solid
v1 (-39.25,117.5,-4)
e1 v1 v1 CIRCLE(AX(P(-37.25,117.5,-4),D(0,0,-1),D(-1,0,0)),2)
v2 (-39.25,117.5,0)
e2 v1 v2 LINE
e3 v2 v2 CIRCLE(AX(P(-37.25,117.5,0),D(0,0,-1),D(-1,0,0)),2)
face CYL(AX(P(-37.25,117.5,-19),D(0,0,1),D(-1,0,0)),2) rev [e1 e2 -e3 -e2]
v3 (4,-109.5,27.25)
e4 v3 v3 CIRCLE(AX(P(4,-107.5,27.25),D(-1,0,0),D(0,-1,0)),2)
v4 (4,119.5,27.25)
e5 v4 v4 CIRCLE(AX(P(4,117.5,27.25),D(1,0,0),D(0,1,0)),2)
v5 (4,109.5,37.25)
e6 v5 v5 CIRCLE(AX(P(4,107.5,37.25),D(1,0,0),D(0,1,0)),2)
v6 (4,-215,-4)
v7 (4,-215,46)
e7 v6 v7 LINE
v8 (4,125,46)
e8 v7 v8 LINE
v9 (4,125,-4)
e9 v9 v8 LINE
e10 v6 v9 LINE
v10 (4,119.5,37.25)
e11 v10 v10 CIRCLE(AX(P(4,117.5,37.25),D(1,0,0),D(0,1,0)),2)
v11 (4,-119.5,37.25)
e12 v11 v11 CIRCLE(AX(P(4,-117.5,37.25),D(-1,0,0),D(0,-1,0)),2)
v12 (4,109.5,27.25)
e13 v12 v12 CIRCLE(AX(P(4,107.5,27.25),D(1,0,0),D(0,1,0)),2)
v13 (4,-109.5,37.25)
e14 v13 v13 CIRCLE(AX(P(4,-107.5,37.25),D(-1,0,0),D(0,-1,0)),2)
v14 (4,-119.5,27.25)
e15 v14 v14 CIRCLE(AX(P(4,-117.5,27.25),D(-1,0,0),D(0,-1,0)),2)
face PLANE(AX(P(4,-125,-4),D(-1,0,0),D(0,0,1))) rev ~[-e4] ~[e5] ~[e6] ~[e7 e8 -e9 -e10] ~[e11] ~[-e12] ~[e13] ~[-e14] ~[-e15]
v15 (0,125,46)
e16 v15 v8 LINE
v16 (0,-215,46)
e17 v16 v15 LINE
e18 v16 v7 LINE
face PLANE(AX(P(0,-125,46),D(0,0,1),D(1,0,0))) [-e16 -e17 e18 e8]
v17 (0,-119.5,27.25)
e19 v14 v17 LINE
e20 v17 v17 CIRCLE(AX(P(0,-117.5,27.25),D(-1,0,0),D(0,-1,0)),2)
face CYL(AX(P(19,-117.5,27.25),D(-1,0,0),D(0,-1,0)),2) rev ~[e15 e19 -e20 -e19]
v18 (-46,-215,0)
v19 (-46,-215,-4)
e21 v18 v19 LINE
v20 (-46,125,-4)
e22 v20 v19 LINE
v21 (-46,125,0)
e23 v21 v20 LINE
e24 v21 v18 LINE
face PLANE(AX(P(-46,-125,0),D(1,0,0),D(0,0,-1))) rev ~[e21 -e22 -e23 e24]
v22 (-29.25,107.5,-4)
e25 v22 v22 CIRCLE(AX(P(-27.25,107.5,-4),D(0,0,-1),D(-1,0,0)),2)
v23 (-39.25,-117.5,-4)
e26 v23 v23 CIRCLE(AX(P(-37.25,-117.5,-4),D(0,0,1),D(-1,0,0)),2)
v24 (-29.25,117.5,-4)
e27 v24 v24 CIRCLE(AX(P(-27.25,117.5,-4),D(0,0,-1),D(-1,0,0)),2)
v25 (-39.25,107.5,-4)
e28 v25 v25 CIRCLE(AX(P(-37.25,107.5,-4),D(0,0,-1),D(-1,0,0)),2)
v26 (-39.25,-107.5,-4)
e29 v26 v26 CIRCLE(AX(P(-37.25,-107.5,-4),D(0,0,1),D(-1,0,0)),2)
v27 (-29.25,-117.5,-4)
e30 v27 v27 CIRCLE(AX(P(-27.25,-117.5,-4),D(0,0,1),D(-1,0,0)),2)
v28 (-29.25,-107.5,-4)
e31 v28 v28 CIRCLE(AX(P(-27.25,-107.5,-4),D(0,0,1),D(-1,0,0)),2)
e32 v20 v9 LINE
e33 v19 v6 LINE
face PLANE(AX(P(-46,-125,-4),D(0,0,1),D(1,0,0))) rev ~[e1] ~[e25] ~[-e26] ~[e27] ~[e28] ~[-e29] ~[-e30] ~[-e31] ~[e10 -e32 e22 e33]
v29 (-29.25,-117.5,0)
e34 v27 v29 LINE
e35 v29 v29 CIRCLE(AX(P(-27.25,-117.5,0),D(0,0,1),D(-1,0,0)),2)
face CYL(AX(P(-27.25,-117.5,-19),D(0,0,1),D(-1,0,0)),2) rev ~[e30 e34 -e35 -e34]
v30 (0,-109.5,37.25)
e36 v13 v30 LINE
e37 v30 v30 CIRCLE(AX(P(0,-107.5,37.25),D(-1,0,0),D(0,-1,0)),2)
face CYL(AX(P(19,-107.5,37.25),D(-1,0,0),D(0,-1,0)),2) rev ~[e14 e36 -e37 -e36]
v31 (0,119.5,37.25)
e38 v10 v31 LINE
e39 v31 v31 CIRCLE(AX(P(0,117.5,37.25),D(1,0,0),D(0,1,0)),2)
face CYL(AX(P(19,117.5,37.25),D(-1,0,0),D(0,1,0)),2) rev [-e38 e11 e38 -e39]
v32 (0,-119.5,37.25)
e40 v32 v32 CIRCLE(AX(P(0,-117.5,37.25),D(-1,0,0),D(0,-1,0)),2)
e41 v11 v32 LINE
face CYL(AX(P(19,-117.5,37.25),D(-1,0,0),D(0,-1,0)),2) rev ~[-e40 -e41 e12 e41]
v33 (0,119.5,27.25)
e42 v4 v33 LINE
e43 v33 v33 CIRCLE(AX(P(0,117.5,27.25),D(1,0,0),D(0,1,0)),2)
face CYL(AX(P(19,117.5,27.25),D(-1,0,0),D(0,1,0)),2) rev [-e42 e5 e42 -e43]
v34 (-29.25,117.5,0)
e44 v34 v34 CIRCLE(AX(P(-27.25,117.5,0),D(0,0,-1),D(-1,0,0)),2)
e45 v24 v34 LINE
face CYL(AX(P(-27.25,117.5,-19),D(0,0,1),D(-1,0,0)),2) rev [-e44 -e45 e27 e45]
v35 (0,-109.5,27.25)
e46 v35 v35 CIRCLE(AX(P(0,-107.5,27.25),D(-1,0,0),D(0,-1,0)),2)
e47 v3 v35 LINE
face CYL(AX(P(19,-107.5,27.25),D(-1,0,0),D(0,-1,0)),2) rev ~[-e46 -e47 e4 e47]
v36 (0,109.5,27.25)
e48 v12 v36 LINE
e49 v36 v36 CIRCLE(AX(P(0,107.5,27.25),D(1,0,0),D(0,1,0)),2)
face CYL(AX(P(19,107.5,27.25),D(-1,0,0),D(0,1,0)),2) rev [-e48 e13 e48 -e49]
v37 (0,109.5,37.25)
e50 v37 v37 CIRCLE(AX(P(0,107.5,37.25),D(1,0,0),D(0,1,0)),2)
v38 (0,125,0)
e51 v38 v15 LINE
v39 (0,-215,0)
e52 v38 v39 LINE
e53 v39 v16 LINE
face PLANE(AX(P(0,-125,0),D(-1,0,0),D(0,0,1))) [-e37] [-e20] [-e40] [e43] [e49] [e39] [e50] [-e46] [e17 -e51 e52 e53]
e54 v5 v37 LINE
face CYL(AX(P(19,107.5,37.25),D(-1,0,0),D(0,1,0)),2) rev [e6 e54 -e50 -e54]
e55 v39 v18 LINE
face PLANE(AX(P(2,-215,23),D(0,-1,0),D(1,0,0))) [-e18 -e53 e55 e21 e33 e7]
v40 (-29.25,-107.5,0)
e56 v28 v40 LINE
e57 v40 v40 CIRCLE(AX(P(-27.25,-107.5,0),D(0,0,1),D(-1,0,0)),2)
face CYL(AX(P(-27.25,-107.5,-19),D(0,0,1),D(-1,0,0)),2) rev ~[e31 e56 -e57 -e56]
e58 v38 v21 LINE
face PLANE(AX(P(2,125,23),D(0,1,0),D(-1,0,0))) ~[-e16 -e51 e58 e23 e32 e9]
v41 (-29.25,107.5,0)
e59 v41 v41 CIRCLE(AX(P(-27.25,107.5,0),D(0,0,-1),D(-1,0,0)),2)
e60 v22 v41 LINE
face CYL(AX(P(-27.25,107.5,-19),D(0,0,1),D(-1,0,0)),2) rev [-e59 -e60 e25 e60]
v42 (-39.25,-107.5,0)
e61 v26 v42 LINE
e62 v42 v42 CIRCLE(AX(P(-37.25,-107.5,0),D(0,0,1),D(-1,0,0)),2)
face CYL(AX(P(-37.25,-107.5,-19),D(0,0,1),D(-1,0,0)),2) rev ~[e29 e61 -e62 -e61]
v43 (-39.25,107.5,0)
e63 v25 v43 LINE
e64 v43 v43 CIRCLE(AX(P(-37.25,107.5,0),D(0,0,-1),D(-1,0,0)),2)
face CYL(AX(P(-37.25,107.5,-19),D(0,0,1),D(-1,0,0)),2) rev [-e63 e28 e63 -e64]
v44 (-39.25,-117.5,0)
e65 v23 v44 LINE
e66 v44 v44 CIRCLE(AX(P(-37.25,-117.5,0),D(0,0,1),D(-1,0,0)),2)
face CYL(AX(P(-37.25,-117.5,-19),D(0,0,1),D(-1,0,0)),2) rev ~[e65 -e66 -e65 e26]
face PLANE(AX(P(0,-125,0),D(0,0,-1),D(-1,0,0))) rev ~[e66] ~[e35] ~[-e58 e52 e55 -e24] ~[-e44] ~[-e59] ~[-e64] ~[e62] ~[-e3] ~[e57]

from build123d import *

# Parameters (mm, degrees)
F0_W           = 4
F0_H           = 46
F1_DEPTH       = 125
F4_D           = 4
F4_DEPTH       = 15
F4_TIP         = 1.2017212381
F4_ON_F2_D     = 4
F4_ON_F2_DEPTH = 15
F4_ON_F2_TIP   = 1.2017212381
F6_DEPTH       = 90


with BuildPart() as f1:
    # F0 (on Front) → F1 (new body)
    with BuildSketch(Plane.XZ):
        with Locations((2, 23)):
            Rectangle(F0_W, F0_H)
        Polygon((4, 0), (0, 0), (-46, 0), (-46, -4), (4, -4), align=None)
    extrude(amount=F1_DEPTH)

    # F4
    with Locations(Plane.YZ.offset(4)):
        with Locations((-117.5, 37.25), (-107.5, 37.25), (-107.5, 27.25), (-117.5, 27.25)):
            Hole(F4_D / 2, depth=F4_DEPTH)
            with Locations((0, 0, -(F4_DEPTH + F4_TIP / 2))):  # 118° drill point
                Cone(0, F4_D / 2, F4_TIP, mode=Mode.SUBTRACT)

    # F4 on F2
    with Locations(Plane(origin=(0, 0, -4), x_dir=(1, 0, 0), z_dir=(0, 0, -1))):
        with Locations((-27.25, 117.5), (-37.25, 117.5), (-37.25, 107.5), (-27.25, 107.5)):
            Hole(F4_ON_F2_D / 2, depth=F4_ON_F2_DEPTH)
            with Locations((0, 0, -(F4_ON_F2_DEPTH + F4_ON_F2_TIP / 2))):  # 118° drill point
                Cone(0, F4_ON_F2_D / 2, F4_ON_F2_TIP, mode=Mode.SUBTRACT)

    # F5: F1 across face


with BuildPart() as f1_1:
    add(f1.part)
    add(f1.part.mirror(Plane(origin=(-9.9791666667, 0, 9.9791666667), x_dir=(1, 0, 0), z_dir=(0, 1, 0))))

    # F6 (add): a face of the model
    f6_faces = [f1_1.faces().sort_by_distance(p)[0] for p in [
        (0.7071067812, -125, 23),
    ]]
    extrude(f6_faces, amount=F6_DEPTH)


solid = f1_1.part
